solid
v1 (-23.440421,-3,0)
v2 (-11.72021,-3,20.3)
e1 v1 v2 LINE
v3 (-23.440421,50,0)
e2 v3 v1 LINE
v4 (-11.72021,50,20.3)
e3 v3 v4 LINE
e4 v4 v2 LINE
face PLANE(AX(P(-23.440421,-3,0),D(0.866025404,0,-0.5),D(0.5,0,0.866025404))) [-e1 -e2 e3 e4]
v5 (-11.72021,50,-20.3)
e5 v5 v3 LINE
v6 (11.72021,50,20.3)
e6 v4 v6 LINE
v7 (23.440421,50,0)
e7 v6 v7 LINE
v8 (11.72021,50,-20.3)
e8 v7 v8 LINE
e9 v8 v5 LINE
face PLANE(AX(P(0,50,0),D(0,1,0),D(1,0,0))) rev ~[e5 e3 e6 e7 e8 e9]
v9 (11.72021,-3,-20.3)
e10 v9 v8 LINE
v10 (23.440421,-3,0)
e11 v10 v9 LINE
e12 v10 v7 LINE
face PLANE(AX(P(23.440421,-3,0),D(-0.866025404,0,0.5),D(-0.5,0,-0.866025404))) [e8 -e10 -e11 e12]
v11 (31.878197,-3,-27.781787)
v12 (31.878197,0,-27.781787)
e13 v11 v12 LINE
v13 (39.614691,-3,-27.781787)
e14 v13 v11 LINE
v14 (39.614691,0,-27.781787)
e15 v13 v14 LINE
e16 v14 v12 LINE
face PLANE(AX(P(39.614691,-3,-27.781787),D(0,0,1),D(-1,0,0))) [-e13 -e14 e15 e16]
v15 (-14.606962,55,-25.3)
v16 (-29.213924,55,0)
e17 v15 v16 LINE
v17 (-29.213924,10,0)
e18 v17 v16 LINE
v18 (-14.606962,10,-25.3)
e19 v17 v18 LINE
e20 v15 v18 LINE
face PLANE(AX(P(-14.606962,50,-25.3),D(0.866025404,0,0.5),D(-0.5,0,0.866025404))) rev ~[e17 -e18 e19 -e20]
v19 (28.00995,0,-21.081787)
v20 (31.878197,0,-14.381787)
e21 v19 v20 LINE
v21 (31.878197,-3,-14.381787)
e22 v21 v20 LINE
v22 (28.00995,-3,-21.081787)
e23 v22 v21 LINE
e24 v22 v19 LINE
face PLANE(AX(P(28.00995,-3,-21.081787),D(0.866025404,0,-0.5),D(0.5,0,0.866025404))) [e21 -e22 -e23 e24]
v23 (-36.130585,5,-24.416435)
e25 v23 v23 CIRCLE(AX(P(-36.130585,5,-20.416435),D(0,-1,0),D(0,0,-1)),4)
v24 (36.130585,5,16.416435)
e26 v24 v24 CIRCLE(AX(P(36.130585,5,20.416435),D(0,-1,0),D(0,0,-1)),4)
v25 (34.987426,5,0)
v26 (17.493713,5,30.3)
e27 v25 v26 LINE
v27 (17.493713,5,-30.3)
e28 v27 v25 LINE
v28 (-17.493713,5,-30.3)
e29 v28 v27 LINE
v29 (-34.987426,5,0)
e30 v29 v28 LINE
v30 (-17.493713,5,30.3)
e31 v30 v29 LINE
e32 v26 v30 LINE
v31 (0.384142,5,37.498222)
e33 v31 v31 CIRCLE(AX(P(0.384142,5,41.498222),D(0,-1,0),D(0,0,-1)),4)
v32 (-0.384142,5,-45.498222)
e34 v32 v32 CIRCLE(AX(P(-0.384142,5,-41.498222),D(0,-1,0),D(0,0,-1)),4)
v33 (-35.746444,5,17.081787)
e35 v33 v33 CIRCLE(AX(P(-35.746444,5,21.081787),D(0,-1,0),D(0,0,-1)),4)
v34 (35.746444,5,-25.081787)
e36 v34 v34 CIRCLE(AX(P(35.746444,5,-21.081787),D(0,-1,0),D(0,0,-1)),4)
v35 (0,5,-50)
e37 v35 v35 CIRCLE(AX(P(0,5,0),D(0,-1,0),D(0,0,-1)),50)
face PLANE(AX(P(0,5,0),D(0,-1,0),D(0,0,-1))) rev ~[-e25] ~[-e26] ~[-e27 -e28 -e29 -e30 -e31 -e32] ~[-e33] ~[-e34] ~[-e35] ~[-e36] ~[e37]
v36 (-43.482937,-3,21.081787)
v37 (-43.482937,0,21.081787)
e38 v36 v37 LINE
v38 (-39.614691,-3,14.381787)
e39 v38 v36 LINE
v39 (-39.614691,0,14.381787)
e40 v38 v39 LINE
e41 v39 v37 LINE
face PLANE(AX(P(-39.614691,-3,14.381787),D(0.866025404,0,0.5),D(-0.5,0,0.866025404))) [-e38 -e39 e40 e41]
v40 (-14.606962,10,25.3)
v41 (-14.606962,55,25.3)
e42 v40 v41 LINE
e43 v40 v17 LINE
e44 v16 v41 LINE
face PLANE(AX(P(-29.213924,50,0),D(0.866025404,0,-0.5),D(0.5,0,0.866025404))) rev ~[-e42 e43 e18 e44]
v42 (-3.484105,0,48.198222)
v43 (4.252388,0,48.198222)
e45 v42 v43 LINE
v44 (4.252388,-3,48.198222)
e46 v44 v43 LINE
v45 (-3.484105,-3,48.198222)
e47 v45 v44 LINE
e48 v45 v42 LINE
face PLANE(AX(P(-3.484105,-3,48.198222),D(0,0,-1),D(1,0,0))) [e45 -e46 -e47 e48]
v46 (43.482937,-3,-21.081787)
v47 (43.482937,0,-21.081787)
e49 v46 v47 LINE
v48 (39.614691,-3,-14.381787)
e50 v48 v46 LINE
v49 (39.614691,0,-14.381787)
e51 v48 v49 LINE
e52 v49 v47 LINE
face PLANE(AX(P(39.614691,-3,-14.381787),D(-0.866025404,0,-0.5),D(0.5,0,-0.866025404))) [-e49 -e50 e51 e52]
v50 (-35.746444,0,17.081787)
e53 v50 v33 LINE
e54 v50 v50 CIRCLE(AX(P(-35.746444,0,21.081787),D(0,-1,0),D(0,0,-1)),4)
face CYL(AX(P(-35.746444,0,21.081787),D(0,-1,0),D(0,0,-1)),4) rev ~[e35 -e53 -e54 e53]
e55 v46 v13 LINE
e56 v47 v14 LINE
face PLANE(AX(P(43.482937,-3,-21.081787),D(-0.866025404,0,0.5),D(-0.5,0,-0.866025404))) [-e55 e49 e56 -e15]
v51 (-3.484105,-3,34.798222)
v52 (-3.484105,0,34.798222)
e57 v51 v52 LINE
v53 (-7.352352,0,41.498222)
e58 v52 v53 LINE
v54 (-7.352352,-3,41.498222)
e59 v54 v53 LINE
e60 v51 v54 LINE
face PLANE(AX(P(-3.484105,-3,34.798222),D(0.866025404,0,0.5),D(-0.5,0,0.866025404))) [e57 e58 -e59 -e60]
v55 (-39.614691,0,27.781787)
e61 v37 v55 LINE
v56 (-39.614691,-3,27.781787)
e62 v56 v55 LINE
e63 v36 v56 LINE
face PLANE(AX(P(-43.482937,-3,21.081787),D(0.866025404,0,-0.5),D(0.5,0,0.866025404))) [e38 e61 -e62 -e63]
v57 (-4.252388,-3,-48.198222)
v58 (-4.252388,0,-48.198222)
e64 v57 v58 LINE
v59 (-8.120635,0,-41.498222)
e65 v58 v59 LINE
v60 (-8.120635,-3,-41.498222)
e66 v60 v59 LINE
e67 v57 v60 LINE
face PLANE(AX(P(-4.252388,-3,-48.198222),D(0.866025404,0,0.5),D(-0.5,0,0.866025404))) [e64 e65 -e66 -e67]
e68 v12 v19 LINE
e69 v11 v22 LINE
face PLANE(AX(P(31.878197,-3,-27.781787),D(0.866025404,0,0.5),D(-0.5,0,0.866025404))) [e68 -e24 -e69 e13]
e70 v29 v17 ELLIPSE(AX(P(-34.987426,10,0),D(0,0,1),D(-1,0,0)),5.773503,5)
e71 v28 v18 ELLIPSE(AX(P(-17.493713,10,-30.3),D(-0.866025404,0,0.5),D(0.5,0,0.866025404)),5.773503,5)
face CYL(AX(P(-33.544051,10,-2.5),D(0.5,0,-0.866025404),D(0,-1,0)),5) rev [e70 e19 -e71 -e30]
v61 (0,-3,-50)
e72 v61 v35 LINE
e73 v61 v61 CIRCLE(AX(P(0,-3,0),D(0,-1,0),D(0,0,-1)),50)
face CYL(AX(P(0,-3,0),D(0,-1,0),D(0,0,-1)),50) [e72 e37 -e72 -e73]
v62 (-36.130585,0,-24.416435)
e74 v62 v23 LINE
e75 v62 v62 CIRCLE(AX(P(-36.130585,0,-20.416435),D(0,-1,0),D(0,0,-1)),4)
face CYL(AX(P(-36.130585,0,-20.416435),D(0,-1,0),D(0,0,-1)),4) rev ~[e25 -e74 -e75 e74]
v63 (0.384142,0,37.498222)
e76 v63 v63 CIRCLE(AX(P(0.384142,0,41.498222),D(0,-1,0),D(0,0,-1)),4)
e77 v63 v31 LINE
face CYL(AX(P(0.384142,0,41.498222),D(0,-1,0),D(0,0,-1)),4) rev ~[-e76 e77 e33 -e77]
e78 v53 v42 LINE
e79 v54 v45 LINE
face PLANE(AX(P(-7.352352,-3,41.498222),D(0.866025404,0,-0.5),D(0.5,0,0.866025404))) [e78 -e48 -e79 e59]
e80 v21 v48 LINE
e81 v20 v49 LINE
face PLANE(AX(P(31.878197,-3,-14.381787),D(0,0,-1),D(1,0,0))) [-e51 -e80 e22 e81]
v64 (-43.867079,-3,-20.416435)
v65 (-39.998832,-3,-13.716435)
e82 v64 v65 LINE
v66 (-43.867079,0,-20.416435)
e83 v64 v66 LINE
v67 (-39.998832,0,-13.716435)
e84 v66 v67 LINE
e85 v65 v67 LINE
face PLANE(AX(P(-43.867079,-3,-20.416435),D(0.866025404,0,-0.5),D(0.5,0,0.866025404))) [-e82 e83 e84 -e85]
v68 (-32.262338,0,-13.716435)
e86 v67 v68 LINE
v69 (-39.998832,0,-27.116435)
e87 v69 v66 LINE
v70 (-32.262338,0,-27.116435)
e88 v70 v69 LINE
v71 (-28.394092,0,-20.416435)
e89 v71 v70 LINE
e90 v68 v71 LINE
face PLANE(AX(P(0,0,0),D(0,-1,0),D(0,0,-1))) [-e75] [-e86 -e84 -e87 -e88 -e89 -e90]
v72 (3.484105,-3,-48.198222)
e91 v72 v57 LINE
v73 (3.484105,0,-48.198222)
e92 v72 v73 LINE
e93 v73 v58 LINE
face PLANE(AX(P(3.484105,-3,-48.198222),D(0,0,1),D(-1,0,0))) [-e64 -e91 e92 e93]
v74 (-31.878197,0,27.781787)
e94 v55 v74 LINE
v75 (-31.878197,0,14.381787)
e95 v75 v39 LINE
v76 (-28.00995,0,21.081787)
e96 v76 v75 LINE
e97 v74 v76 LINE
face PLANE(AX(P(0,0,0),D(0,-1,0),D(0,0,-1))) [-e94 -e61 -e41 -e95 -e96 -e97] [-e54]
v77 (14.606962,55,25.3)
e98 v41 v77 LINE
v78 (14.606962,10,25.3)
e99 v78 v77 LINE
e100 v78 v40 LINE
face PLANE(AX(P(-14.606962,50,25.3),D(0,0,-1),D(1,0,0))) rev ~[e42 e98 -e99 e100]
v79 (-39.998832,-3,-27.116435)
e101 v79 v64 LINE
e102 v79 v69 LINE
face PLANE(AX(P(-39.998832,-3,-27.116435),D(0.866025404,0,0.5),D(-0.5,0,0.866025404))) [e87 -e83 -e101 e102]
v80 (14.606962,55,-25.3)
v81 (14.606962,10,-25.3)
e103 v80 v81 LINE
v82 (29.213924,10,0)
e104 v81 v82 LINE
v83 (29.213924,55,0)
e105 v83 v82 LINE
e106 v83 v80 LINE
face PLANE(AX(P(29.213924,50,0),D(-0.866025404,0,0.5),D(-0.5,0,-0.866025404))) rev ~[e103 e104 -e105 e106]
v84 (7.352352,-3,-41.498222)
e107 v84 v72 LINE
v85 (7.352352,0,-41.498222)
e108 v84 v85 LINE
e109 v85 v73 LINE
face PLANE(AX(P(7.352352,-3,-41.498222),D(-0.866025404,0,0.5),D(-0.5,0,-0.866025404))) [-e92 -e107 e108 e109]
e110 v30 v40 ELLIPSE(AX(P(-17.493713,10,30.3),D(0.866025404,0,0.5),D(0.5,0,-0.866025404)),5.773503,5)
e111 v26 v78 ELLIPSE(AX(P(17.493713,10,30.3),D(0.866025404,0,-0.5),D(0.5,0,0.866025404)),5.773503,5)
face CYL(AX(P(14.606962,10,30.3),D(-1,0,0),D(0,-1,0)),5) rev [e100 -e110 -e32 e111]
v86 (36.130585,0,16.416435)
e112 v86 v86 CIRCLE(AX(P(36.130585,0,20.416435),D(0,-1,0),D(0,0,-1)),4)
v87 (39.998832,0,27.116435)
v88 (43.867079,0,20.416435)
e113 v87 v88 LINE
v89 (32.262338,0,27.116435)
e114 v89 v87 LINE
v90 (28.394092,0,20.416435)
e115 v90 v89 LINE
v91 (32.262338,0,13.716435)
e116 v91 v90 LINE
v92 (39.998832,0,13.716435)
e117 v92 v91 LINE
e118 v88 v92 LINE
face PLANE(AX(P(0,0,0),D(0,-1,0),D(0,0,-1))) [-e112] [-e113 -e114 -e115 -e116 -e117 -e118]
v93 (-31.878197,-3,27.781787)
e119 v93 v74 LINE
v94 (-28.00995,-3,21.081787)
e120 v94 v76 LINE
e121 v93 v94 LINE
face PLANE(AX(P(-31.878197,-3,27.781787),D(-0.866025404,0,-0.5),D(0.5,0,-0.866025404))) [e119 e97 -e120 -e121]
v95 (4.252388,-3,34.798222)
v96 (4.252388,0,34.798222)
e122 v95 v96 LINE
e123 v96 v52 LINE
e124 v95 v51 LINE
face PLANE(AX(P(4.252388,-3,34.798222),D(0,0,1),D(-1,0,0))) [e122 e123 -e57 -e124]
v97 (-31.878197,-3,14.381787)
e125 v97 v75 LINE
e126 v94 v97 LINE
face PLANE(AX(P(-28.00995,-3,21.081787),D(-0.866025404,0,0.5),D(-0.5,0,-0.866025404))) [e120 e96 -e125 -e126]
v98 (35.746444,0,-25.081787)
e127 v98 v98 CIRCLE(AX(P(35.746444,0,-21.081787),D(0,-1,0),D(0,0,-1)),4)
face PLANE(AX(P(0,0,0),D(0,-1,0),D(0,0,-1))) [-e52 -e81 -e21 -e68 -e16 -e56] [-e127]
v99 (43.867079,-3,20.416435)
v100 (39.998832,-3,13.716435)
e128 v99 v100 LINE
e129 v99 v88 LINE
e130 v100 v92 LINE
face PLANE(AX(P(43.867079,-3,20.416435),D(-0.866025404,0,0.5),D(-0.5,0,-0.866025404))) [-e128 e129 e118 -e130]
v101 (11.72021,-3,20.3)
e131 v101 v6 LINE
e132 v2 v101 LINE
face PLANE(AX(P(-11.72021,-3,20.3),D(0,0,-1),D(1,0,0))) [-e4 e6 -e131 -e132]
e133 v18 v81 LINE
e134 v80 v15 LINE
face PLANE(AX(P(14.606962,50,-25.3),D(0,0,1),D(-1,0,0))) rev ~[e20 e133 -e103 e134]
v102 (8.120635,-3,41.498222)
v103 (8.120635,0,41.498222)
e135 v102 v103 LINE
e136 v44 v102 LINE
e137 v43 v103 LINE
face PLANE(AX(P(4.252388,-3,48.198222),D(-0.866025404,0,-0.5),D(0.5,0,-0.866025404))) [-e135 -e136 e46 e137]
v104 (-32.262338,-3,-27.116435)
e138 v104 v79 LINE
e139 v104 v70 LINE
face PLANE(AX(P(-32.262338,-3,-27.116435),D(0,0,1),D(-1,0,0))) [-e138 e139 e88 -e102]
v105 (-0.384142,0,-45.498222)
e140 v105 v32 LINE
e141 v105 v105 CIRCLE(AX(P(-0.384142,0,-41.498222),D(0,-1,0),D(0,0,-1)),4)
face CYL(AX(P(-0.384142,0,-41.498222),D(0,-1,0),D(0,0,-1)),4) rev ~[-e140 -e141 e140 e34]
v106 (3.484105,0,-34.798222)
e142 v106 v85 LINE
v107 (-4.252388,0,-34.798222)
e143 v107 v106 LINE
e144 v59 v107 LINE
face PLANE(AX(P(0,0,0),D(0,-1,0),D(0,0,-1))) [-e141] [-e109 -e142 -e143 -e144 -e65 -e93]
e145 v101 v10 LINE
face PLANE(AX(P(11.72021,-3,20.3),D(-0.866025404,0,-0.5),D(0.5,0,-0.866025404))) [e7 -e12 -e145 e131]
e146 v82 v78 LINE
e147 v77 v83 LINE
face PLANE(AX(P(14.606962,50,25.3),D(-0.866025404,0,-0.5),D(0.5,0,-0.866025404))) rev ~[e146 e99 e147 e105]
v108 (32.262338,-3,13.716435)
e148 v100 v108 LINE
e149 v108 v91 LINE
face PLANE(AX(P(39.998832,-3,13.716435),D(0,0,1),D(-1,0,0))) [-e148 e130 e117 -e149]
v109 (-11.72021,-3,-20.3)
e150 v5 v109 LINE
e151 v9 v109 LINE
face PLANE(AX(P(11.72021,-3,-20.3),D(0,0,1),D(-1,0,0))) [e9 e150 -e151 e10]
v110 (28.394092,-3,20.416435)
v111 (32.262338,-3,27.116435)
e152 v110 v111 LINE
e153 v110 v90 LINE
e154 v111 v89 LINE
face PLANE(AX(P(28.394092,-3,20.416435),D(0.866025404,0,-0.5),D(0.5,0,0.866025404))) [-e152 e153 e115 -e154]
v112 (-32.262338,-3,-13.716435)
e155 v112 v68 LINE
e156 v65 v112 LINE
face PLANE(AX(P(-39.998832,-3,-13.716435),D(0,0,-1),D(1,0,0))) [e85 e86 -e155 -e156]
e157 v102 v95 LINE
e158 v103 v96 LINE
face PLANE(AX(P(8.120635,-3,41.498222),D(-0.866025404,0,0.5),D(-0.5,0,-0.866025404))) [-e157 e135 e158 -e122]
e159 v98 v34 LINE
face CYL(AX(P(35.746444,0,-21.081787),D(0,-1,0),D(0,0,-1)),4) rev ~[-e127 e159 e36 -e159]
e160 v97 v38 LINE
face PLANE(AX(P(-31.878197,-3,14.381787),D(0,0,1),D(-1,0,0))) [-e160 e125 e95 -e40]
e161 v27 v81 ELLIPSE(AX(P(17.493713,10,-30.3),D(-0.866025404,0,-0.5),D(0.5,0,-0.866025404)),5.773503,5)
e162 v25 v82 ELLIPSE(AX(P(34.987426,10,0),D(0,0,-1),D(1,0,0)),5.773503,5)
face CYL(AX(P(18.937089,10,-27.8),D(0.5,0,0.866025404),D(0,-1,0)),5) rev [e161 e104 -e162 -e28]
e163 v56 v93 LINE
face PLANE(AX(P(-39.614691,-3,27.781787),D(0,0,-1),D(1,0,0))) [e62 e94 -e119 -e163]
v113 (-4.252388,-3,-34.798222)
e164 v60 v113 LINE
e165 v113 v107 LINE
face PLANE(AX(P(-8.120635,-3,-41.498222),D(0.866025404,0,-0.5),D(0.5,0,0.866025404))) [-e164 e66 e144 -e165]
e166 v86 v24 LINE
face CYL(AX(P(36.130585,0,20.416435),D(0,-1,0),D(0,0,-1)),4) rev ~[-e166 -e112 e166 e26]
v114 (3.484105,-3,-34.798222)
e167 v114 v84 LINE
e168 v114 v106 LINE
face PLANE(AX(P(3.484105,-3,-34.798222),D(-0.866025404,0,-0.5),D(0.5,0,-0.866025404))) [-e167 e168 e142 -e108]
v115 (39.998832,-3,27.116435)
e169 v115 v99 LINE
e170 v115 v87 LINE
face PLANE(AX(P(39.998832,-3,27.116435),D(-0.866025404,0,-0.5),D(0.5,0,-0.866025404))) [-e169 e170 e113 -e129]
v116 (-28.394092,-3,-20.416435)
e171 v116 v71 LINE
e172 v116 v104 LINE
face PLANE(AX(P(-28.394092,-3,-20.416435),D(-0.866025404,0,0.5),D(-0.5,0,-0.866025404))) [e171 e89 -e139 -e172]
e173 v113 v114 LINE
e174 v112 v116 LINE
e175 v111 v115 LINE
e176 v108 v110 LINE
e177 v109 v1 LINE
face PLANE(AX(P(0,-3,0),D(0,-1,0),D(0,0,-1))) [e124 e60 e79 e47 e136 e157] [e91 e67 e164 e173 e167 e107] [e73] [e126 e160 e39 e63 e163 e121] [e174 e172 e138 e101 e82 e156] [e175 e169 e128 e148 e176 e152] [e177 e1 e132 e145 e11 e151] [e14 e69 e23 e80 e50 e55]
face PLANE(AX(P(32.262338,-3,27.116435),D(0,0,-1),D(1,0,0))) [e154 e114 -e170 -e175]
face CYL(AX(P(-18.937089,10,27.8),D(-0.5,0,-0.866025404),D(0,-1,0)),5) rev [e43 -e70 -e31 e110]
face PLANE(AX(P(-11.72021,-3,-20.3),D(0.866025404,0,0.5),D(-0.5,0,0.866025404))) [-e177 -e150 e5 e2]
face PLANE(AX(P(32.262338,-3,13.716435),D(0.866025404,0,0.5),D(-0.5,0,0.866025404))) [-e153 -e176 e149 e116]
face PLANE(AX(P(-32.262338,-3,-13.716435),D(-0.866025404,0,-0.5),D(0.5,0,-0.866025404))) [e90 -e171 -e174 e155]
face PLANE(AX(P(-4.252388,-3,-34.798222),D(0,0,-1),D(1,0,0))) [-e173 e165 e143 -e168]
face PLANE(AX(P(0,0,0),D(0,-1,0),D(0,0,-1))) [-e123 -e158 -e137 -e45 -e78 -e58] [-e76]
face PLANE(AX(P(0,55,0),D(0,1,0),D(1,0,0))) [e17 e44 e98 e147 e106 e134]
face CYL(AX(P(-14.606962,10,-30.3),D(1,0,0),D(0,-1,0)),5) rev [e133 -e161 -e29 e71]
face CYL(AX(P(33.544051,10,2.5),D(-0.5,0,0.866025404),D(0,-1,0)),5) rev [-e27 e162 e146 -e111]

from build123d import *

# Parameters (mm, degrees)
BOSS_EXTRUDE1_DEPTH = 50
BOSS_EXTRUDE2_DEPTH = 5
SKETCH3_R           = 50
BOSS_EXTRUDE3_DEPTH = 5
FILLET1_R           = 5
BOSS_EXTRUDE4_START = 3
SKETCH5_R           = 50
BOSS_EXTRUDE4_DEPTH = 3
SKETCH5_3_R         = 4
CUT_EXTRUDE1_DEPTH  = 10


with BuildPart() as part:
    # Sketch1 → Boss-Extrude1 (new body)
    with BuildSketch(Plane(origin=(0, 0, 0), x_dir=(1, 0, 0), z_dir=(0, 1, 0))):
        Polygon((-29.213923621, 0), (-14.60696181, -25.3), (14.60696181, -25.3), (29.213923621, 0), (14.60696181, 25.3), (-14.60696181, 25.3), align=None)
        Polygon((23.440420929, 0), (11.720210465, -20.3), (-11.720210465, -20.3), (-23.440420929, 0), (-11.720210465, 20.3), (11.720210465, 20.3), align=None, mode=Mode.SUBTRACT)
    extrude(amount=BOSS_EXTRUDE1_DEPTH)

    # Sketch2 → Boss-Extrude2 (add)
    with BuildSketch(Plane(origin=(0, 50, 0), x_dir=(1, 0, 0), z_dir=(0, 1, 0))):
        Polygon((-14.60696181, 25.3), (-29.213923621, 0), (-14.60696181, -25.3), (14.60696181, -25.3), (29.213923621, 0), (14.60696181, 25.3), align=None)
    extrude(amount=BOSS_EXTRUDE2_DEPTH)

    # Sketch3 → Boss-Extrude3 (add)
    with BuildSketch(Plane.XZ):
        Circle(SKETCH3_R)
        Polygon((23.440420929, 0), (11.720210465, -20.3), (-11.720210465, -20.3), (-23.440420929, 0), (-11.720210465, 20.3), (11.720210465, 20.3), align=None, mode=Mode.SUBTRACT)
    extrude(amount=-BOSS_EXTRUDE3_DEPTH)

    # Fillet1
    fillet1_edges = [part.edges().sort_by_distance(p)[0] for p in [
        (0, 5, 25.3),
        (21.910442716, 5, 12.65),
        (21.910442716, 5, -12.65),
        (0, 5, -25.3),
        (-21.910442716, 5, 12.65),
        (-21.910442716, 5, -12.65),
    ]]
    fillet(fillet1_edges, radius=FILLET1_R)

    # Sketch5 → Boss-Extrude4 (add)
    with BuildSketch(Plane.XZ.offset(BOSS_EXTRUDE4_START)):
        Circle(SKETCH5_R)
        Polygon((-4.252388339, -34.798222074), (3.484105268, -34.798222074), (7.352352072, -41.498222074), (3.484105268, -48.198222074), (-4.252388339, -48.198222074), (-8.120635142, -41.498222074), align=None, mode=Mode.SUBTRACT)
        Polygon((-32.262338492, -13.716434709), (-28.394091688, -20.416434709), (-32.262338492, -27.116434709), (-39.998832099, -27.116434709), (-43.867078902, -20.416434709), (-39.998832099, -13.716434709), align=None, mode=Mode.SUBTRACT)
        Polygon((28.009950153, -21.081787365), (31.878196957, -14.381787365), (39.614690564, -14.381787365), (43.482937367, -21.081787365), (39.614690564, -27.781787365), (31.878196957, -27.781787365), align=None, mode=Mode.SUBTRACT)
        Polygon((-28.009950153, 21.081787365), (-31.878196957, 14.381787365), (-39.614690564, 14.381787365), (-43.482937367, 21.081787365), (-39.614690564, 27.781787365), (-31.878196957, 27.781787365), align=None, mode=Mode.SUBTRACT)
        Polygon((-23.440420929, 0), (-11.720210465, 20.3), (11.720210465, 20.3), (23.440420929, 0), (11.720210465, -20.3), (-11.720210465, -20.3), align=None, mode=Mode.SUBTRACT)
        Polygon((32.262338492, 13.716434709), (28.394091688, 20.416434709), (32.262338492, 27.116434709), (39.998832099, 27.116434709), (43.867078902, 20.416434709), (39.998832099, 13.716434709), align=None, mode=Mode.SUBTRACT)
        Polygon((4.252388339, 34.798222074), (-3.484105268, 34.798222074), (-7.352352072, 41.498222074), (-3.484105268, 48.198222074), (4.252388339, 48.198222074), (8.120635142, 41.498222074), align=None, mode=Mode.SUBTRACT)
    extrude(amount=-BOSS_EXTRUDE4_DEPTH)

    # Sketch5<3> → Cut-Extrude1 (cut)
    with BuildSketch(Plane.XZ):
        with Locations((0.384141535, 41.498222074)):
            Circle(SKETCH5_3_R)
        with Locations((36.130585295, 20.416434709)):
            Circle(SKETCH5_3_R)
        with Locations((35.74644376, -21.081787365)):
            Circle(SKETCH5_3_R)
        with Locations((-0.384141535, -41.498222074)):
            Circle(SKETCH5_3_R)
        with Locations((-36.130585295, -20.416434709)):
            Circle(SKETCH5_3_R)
        with Locations((-35.74644376, 21.081787365)):
            Circle(SKETCH5_3_R)
    extrude(amount=-CUT_EXTRUDE1_DEPTH, mode=Mode.SUBTRACT)


solid = part.part
